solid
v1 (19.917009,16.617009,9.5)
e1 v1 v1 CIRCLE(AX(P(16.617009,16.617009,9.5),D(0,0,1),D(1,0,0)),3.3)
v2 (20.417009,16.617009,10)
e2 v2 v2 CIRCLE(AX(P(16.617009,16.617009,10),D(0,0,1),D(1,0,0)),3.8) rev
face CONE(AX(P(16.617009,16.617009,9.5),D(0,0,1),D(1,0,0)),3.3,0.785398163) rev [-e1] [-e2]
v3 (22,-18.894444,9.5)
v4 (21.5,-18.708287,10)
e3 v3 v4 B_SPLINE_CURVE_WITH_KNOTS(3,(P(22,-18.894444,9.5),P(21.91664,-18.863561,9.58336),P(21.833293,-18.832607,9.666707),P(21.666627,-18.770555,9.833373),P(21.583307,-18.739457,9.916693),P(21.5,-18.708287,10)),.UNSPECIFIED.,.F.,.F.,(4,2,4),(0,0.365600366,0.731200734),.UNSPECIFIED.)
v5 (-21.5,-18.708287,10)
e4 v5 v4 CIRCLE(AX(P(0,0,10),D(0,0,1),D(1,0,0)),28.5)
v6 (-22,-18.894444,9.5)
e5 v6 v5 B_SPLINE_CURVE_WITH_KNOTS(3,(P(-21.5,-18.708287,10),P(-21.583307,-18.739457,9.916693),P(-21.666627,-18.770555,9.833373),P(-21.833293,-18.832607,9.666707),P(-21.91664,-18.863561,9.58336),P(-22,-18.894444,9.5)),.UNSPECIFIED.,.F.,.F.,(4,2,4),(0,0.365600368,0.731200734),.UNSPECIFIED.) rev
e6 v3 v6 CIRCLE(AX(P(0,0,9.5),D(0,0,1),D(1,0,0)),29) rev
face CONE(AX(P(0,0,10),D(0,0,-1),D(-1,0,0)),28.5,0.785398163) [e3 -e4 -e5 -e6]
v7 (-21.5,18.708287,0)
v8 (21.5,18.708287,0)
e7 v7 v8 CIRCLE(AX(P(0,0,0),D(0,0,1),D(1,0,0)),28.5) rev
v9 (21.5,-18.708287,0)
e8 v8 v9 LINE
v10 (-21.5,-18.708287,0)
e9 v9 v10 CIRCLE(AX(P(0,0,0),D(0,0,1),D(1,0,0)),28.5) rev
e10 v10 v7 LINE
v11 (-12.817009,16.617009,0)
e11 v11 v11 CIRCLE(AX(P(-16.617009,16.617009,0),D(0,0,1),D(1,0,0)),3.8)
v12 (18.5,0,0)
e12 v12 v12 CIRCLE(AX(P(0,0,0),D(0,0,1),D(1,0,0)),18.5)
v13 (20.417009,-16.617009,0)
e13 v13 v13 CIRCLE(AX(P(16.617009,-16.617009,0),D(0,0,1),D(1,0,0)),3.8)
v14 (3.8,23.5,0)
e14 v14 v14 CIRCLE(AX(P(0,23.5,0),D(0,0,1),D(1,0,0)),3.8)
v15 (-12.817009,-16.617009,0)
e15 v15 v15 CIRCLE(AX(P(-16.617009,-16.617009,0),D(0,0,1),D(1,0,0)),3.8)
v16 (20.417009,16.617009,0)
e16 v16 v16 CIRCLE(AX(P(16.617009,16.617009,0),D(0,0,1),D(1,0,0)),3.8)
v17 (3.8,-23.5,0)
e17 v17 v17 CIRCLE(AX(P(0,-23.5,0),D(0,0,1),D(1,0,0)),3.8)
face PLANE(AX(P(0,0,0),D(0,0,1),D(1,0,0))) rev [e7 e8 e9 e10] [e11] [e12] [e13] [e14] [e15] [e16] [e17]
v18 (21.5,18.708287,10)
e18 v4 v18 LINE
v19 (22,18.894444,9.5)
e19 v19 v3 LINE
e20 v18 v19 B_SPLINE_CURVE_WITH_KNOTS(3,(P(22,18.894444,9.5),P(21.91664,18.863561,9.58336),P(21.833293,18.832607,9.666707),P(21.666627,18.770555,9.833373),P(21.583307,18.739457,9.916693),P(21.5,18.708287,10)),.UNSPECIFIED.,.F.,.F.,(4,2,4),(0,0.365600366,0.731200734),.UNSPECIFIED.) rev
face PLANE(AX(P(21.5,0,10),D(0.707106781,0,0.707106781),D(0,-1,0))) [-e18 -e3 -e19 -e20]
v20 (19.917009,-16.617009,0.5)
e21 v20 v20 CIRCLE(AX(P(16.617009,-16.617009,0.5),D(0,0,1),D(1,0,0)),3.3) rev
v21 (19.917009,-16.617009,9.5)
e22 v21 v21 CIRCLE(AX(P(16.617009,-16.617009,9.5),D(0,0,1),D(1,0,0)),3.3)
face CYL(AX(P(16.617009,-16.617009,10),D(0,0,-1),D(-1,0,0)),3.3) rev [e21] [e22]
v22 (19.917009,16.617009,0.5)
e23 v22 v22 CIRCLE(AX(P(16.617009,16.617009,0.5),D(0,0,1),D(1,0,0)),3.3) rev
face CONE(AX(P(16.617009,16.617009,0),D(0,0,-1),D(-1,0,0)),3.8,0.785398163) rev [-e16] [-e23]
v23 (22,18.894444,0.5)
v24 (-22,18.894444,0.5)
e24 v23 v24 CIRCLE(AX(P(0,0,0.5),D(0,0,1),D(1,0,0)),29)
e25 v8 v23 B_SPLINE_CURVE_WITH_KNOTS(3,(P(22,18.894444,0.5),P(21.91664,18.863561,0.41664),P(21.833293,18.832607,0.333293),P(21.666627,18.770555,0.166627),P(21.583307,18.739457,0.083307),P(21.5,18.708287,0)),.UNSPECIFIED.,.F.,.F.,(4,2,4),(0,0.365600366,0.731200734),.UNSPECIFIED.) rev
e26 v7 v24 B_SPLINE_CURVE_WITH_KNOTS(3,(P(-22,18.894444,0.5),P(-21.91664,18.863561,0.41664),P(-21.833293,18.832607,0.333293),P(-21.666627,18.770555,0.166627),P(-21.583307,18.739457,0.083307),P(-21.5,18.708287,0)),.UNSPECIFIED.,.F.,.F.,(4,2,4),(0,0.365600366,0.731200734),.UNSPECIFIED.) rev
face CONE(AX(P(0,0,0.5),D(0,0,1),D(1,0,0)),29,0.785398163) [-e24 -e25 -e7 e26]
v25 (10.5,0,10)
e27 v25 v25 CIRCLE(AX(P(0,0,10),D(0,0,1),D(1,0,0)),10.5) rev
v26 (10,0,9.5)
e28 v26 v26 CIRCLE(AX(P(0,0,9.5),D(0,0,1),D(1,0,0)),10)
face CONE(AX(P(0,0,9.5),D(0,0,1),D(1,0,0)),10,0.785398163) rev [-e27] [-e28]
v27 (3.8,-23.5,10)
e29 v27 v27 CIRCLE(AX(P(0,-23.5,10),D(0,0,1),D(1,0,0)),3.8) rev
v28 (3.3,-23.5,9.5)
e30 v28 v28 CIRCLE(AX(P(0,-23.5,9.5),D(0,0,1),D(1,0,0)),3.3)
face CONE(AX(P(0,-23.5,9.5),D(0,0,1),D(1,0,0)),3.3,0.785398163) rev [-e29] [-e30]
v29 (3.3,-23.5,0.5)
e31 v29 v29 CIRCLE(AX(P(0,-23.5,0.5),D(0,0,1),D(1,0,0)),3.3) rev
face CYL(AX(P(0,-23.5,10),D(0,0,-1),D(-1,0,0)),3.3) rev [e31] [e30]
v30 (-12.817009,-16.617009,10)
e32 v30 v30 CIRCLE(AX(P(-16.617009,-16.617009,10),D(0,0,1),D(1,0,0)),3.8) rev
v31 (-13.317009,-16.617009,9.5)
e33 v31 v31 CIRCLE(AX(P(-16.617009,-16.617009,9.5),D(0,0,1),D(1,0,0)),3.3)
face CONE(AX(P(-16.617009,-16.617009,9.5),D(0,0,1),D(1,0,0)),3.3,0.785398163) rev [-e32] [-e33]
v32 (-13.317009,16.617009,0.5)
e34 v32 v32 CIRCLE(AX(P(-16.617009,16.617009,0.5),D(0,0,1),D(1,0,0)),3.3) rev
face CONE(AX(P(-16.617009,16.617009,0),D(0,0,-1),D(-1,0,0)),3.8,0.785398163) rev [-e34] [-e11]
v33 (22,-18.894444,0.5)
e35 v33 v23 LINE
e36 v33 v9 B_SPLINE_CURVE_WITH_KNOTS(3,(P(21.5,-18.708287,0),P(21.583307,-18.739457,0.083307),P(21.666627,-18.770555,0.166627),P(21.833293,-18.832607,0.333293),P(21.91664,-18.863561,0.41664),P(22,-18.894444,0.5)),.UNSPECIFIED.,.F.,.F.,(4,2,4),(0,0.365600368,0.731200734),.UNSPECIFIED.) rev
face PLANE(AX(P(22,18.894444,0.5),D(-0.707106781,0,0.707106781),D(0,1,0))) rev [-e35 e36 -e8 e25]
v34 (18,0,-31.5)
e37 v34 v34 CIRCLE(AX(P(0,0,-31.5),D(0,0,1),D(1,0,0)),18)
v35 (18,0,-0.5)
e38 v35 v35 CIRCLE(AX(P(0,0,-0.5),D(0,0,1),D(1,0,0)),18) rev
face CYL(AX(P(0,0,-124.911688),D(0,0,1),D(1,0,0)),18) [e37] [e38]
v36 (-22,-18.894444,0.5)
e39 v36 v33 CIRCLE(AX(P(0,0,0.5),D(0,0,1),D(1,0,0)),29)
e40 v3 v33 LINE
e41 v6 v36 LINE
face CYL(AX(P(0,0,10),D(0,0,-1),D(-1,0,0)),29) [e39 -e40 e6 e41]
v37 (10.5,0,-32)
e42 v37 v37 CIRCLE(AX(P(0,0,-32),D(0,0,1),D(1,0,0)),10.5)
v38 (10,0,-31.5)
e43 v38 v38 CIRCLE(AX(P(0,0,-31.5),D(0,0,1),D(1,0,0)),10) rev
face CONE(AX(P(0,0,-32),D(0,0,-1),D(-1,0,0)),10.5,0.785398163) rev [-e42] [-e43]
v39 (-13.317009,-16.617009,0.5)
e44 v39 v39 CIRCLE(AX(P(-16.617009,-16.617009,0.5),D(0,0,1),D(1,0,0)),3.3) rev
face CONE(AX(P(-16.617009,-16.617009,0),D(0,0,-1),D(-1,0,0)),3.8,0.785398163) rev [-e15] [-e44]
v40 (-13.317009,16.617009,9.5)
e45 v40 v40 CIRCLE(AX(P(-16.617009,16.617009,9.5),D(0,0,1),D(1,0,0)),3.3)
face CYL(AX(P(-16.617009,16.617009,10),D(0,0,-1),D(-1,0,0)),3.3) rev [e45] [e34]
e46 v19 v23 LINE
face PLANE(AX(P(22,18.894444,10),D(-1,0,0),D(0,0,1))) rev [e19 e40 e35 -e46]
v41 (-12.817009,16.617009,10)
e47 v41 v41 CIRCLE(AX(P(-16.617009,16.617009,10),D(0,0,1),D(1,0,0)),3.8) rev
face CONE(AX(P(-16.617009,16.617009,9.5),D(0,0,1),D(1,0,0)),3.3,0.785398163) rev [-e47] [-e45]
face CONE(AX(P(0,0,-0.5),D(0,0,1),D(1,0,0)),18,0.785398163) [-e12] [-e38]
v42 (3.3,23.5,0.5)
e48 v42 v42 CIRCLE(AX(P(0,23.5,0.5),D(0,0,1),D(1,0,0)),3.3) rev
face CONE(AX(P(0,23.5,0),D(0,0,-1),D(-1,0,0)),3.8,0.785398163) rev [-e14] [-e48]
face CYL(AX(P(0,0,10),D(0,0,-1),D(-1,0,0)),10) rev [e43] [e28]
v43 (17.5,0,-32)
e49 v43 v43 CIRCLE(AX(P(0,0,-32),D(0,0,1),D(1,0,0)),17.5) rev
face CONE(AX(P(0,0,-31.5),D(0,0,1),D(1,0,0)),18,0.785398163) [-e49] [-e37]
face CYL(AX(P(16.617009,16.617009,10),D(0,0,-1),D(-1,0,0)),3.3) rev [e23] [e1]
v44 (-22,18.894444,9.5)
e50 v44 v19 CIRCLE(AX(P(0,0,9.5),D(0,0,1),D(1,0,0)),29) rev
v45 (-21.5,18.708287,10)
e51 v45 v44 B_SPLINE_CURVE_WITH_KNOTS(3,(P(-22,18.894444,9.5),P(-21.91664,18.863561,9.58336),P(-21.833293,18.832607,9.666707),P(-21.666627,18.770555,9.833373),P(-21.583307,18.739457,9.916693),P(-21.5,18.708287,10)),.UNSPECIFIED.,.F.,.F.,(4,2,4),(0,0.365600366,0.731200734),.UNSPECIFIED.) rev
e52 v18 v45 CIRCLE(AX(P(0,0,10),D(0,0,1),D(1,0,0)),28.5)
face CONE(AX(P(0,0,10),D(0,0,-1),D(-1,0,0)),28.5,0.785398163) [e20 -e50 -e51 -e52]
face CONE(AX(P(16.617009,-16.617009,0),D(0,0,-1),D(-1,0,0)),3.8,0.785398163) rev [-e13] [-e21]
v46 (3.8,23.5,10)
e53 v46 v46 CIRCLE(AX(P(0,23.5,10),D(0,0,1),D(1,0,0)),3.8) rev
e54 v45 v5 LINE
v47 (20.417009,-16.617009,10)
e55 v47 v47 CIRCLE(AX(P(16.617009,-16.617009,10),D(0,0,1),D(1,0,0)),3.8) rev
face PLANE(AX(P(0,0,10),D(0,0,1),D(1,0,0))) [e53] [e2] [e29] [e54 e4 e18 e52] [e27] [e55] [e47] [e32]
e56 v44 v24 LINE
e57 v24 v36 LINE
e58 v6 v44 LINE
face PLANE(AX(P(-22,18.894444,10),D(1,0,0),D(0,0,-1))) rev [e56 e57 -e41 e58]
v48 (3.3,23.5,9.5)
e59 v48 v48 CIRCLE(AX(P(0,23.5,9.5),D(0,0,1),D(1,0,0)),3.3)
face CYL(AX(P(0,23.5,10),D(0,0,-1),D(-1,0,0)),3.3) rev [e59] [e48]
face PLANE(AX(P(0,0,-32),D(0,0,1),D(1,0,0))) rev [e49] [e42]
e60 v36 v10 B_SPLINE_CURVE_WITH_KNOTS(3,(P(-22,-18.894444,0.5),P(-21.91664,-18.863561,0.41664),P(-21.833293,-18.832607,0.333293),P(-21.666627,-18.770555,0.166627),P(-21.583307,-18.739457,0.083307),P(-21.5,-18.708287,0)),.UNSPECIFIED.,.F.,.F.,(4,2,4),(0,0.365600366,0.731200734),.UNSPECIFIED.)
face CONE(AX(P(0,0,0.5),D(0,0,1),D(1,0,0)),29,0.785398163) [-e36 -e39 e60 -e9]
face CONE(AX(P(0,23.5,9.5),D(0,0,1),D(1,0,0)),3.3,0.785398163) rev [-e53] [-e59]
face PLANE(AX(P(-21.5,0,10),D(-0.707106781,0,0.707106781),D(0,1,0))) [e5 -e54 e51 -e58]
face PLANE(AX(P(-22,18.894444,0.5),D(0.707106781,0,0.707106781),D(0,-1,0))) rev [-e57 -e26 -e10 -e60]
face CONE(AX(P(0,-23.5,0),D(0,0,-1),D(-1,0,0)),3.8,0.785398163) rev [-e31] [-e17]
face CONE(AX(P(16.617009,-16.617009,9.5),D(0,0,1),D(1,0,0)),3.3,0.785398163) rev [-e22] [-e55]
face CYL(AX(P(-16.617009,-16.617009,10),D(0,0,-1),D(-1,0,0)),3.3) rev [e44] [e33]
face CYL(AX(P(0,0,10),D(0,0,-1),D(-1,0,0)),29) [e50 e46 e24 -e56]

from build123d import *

# Parameters (mm, degrees)
SKETCH1_R           = 10
SKETCH1_R_2         = 3.3
BOSS_EXTRUDE1_DEPTH = 10
BOSS_EXTRUDE2_START = 32
SKETCH3_R           = 18
SKETCH3_R_2         = 10
BOSS_EXTRUDE2_DEPTH = 32
CHAMFER1_SIZE       = 0.5


with BuildPart() as part:
    # Sketch1 → Boss-Extrude1 (new body)
    with BuildSketch(Plane(origin=(0, 0, 0), x_dir=(0, -1, 0), z_dir=(0, 0, 1))):
        with BuildLine():
            Line((-18.894443628, 22), (18.894443628, 22))
            ThreePointArc((18.894443628, 22), (29, 0), (18.894443628, -22))
            Line((18.894443628, -22), (-18.894443628, -22))
            ThreePointArc((-18.894443628, -22), (-29, 0), (-18.894443628, 22))
        make_face()
        with Locations(Location((0, 0, 0), (0, 0, 90))):
            Circle(SKETCH1_R, mode=Mode.SUBTRACT)
        with Locations(Location((-23.5, 0, 0), (0, 0, 90))):
            Circle(SKETCH1_R_2, mode=Mode.SUBTRACT)
        with Locations(Location((-16.617009358, 16.617009358, 0), (0, 0, 90))):
            Circle(SKETCH1_R_2, mode=Mode.SUBTRACT)
        with Locations(Location((16.617009358, 16.617009358, 0), (0, 0, 90))):
            Circle(SKETCH1_R_2, mode=Mode.SUBTRACT)
        with Locations(Location((23.5, 0, 0), (0, 0, 90))):
            Circle(SKETCH1_R_2, mode=Mode.SUBTRACT)
        with Locations(Location((16.617009358, -16.617009358, 0), (0, 0, 90))):
            Circle(SKETCH1_R_2, mode=Mode.SUBTRACT)
        with Locations(Location((-16.617009358, -16.617009358, 0), (0, 0, 90))):
            Circle(SKETCH1_R_2, mode=Mode.SUBTRACT)
    extrude(amount=BOSS_EXTRUDE1_DEPTH)

    # Sketch3 → Boss-Extrude2 (add)
    with BuildSketch(Plane(origin=(0, 0, 0), x_dir=(0, -1, 0), z_dir=(0, 0, -1)).offset(BOSS_EXTRUDE2_START)):
        with Locations(Location((0, 0, 0), (0, 0, 270))):
            Circle(SKETCH3_R)
        with Locations(Location((0, 0, 0), (0, 0, 270))):
            Circle(SKETCH3_R_2, mode=Mode.SUBTRACT)
    extrude(amount=-BOSS_EXTRUDE2_DEPTH)

    # Chamfer1
    chamfer1_edges = [part.edges().sort_by_distance(p)[0] for p in [
        (0, 29, 10),
        (-10, 0, 10),
        (-22, 0, 10),
        (-3.3, 23.5, 0),
        (-3.3, 23.5, 10),
        (13.317009358, 16.617009358, 0),
        (13.317009358, 16.617009358, 10),
        (13.317009358, -16.617009358, 0),
        (13.317009358, -16.617009358, 10),
        (-3.3, -23.5, 0),
        (-3.3, -23.5, 10),
        (-19.917009358, -16.617009358, 0),
        (-19.917009358, -16.617009358, 10),
        (-19.917009358, 16.617009358, 0),
        (-19.917009358, 16.617009358, 10),
        (0, -29, 10),
        (-18, 0, 0),
        (-18, 0, -32),
        (-10, 0, -32),
        (-22, 0, 0),
        (0, 29, 0),
        (22, 0, 0),
        (0, -29, 0),
        (22, 0, 10),
    ]]
    chamfer(chamfer1_edges, length=CHAMFER1_SIZE)


solid = part.part
